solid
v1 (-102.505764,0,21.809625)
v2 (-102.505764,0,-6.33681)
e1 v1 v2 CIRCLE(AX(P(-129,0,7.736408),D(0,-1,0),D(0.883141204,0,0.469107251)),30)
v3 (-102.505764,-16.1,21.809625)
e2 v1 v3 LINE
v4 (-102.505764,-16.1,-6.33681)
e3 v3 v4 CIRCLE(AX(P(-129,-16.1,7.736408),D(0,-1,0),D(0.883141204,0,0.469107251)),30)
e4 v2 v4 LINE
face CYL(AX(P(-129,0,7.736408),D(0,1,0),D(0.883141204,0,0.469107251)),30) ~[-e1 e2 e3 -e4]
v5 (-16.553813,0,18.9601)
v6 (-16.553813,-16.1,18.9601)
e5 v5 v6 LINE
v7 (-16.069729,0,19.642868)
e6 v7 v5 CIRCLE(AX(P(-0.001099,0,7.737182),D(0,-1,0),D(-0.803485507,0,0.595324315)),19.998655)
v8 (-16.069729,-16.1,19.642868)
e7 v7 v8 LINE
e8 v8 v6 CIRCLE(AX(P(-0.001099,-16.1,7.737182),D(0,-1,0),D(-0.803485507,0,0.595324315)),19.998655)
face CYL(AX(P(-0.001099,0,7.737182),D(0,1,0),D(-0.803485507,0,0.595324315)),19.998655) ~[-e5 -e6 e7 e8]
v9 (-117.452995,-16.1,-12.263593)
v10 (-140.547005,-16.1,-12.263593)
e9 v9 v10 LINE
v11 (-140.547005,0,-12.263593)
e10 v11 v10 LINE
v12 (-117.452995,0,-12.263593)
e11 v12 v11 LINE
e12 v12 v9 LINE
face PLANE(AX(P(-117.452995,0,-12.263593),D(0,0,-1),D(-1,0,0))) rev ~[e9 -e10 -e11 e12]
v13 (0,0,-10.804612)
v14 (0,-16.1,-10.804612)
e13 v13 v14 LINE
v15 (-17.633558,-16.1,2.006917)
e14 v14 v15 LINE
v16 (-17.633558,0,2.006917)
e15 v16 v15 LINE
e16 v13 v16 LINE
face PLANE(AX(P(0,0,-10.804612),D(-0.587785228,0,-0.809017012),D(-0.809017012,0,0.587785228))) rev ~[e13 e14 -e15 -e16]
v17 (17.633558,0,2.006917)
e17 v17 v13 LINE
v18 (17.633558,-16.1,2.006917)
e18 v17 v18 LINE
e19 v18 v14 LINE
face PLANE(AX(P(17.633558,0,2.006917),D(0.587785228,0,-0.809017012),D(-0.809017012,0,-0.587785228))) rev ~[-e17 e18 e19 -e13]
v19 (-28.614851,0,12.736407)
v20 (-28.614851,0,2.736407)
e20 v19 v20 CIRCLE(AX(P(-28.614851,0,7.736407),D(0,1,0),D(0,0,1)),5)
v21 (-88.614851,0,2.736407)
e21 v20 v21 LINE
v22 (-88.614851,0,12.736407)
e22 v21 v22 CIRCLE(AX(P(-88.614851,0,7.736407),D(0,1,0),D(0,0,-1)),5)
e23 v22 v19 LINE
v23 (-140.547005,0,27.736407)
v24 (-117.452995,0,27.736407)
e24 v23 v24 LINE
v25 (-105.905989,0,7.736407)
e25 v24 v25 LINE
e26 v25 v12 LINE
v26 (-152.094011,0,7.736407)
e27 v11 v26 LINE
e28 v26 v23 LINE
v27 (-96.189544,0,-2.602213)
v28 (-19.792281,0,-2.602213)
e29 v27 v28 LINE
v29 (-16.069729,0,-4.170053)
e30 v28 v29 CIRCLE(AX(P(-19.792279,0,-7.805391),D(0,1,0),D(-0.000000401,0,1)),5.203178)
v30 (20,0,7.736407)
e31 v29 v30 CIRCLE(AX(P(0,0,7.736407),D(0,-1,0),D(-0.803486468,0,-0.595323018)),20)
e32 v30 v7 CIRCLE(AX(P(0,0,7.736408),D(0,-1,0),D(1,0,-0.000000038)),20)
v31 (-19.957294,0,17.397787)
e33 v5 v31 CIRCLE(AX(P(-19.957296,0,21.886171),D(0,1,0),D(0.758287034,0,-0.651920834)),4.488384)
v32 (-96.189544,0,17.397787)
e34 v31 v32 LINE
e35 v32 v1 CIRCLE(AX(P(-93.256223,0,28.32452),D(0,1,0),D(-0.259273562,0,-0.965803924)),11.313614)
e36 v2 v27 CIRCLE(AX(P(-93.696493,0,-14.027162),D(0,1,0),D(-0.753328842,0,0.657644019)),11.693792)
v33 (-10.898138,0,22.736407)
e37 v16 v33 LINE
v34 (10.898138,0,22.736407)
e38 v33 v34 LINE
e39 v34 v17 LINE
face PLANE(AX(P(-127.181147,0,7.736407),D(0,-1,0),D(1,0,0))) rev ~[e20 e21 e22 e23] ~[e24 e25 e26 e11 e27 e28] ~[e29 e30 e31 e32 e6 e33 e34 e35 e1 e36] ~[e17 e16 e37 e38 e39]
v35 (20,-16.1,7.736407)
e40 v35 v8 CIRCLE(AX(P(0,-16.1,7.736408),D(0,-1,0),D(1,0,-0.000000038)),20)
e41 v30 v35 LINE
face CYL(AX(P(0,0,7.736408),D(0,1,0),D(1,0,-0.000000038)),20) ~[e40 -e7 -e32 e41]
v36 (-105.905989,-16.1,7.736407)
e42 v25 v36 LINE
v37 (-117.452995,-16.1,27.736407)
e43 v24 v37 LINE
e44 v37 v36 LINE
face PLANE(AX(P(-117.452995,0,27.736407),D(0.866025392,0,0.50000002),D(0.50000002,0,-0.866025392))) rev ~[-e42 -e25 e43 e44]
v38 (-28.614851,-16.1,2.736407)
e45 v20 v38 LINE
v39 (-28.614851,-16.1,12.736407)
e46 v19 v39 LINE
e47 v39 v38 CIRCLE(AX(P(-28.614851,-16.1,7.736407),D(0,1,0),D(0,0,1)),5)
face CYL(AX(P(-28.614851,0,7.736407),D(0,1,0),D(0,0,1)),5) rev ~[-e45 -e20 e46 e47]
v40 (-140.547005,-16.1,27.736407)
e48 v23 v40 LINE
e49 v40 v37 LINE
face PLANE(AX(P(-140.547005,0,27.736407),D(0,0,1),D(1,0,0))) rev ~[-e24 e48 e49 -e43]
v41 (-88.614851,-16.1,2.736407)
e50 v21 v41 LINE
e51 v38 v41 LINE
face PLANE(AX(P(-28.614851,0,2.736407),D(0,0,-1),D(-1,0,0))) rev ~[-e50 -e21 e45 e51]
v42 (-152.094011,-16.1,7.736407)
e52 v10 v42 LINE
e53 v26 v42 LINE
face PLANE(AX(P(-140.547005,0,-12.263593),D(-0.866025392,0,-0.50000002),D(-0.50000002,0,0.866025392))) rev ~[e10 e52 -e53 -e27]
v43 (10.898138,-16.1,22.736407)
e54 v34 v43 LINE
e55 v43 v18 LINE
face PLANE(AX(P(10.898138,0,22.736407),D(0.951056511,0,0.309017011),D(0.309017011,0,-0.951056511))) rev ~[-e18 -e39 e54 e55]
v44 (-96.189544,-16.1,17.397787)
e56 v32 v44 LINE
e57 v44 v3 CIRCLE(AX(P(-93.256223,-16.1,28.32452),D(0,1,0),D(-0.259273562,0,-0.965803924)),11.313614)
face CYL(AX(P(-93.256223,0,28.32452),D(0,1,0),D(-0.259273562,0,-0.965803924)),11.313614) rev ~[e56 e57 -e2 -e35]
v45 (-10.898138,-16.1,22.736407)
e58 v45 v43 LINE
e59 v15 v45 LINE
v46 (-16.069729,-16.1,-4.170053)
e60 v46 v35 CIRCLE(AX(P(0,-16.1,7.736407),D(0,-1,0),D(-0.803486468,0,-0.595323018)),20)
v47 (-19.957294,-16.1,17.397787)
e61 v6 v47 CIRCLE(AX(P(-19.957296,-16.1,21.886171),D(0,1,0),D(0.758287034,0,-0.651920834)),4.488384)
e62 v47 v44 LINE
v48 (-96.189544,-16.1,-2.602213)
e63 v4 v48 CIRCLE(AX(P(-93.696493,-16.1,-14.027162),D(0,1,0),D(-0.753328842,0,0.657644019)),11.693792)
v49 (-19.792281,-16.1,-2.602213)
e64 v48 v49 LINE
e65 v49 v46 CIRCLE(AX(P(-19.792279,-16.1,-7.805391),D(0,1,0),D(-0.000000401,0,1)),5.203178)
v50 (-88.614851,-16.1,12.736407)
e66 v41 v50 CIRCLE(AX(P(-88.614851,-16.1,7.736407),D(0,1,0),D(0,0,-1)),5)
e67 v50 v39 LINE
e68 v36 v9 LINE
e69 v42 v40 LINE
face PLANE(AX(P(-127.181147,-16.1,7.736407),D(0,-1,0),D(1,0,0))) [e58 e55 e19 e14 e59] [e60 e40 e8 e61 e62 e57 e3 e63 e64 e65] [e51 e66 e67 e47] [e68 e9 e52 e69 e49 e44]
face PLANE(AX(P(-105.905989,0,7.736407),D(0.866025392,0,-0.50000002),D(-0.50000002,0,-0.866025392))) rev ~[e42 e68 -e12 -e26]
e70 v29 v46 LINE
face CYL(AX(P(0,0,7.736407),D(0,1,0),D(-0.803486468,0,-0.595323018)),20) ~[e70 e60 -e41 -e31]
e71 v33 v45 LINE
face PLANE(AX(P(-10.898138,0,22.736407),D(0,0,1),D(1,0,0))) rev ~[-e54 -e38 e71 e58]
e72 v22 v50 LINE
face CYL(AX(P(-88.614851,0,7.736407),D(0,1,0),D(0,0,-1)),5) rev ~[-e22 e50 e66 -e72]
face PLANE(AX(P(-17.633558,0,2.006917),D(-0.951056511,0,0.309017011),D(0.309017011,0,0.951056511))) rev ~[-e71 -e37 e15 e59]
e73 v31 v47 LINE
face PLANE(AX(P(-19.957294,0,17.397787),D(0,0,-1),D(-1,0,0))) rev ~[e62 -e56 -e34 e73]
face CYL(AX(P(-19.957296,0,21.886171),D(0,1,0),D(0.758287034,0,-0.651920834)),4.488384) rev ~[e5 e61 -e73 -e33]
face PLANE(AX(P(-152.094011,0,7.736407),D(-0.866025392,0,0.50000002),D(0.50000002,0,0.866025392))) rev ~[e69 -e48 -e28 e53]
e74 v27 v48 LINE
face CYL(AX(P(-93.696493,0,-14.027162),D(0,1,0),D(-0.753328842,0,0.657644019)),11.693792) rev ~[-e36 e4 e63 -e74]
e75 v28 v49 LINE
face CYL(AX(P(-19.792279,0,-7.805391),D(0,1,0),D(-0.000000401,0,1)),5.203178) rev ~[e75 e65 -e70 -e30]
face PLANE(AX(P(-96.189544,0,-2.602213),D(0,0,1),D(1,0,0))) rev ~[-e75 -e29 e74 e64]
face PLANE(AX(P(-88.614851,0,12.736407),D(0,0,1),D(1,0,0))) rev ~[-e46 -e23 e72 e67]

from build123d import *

# Parameters (mm, degrees)
F1_DEPTH = 16.1


with BuildPart() as f1:
    # F0 (on Front) → F1 (new body)
    with BuildSketch(Plane.XZ):
        with BuildLine():
            ThreePointArc((-102.505764, -6.33681), (-99.889632, 0.484755), (-99, 7.736407))
            ThreePointArc((-99, 7.736407), (-99.889632, 14.988059), (-102.505764, 21.809625))
            ThreePointArc((-102.505764, 21.809625), (-159, 7.736407), (-102.505764, -6.33681))
        make_face()
        Polygon((-152.094011, 7.736407), (-140.547005, 27.736407), (-117.452995, 27.736407), (-105.905989, 7.736407), (-117.452995, -12.263593), (-140.547005, -12.263593), align=None, mode=Mode.SUBTRACT)
        with BuildLine():
            ThreePointArc((-102.505764, 21.809625), (-99.889632, 14.988059), (-99, 7.736407))
            ThreePointArc((-99, 7.736407), (-99.889632, 0.484755), (-102.505764, -6.33681))
            ThreePointArc((-102.505764, -6.33681), (-99.648167, -3.961262), (-96.189544, -2.602213))
            Line((-96.189544, -2.602213), (-19.792281, -2.602213))
            ThreePointArc((-19.792281, -2.602213), (-17.772658, -3.010165), (-16.069729, -4.170053))
            ThreePointArc((-16.069729, -4.170053), (-19.995621, 7.317925), (-16.553813, 18.9601))
            ThreePointArc((-16.553813, 18.9601), (-18.084829, 17.807022), (-19.957294, 17.397787))
            Line((-19.957294, 17.397787), (-96.189544, 17.397787))
            ThreePointArc((-96.189544, 17.397787), (-99.734773, 19.049486), (-102.505764, 21.809625))
        make_face()
        with BuildLine():
            ThreePointArc((-88.614851, 2.736407), (-93.614851, 7.736407), (-88.614851, 12.736407))
            Line((-88.614851, 12.736407), (-28.614851, 12.736407))
            ThreePointArc((-28.614851, 12.736407), (-23.614851, 7.736407), (-28.614851, 2.736407))
            Line((-28.614851, 2.736407), (-88.614851, 2.736407))
        make_face(mode=Mode.SUBTRACT)
        with BuildLine():
            ThreePointArc((-16.069729, 19.642868), (-16.295821, 19.290176), (-16.553813, 18.9601))
            ThreePointArc((-16.553813, 18.9601), (-19.995621, 7.317925), (-16.069729, -4.170053))
            ThreePointArc((-16.069729, -4.170053), (6.269187, -11.255625), (20, 7.736407))
            ThreePointArc((20, 7.736407), (6.269187, 26.72844), (-16.069729, 19.642868))
        make_face()
        Polygon((-17.633558, 2.006917), (-10.898138, 22.736407), (10.898138, 22.736407), (17.633558, 2.006917), (0, -10.804612), align=None, mode=Mode.SUBTRACT)
        with BuildLine():
            ThreePointArc((-16.069729, 19.642868), (-16.315343, 19.304017), (-16.553813, 18.9601))
            ThreePointArc((-16.553813, 18.9601), (-16.295821, 19.290176), (-16.069729, 19.642868))
        make_face()
    extrude(amount=F1_DEPTH)


solid = f1.part
